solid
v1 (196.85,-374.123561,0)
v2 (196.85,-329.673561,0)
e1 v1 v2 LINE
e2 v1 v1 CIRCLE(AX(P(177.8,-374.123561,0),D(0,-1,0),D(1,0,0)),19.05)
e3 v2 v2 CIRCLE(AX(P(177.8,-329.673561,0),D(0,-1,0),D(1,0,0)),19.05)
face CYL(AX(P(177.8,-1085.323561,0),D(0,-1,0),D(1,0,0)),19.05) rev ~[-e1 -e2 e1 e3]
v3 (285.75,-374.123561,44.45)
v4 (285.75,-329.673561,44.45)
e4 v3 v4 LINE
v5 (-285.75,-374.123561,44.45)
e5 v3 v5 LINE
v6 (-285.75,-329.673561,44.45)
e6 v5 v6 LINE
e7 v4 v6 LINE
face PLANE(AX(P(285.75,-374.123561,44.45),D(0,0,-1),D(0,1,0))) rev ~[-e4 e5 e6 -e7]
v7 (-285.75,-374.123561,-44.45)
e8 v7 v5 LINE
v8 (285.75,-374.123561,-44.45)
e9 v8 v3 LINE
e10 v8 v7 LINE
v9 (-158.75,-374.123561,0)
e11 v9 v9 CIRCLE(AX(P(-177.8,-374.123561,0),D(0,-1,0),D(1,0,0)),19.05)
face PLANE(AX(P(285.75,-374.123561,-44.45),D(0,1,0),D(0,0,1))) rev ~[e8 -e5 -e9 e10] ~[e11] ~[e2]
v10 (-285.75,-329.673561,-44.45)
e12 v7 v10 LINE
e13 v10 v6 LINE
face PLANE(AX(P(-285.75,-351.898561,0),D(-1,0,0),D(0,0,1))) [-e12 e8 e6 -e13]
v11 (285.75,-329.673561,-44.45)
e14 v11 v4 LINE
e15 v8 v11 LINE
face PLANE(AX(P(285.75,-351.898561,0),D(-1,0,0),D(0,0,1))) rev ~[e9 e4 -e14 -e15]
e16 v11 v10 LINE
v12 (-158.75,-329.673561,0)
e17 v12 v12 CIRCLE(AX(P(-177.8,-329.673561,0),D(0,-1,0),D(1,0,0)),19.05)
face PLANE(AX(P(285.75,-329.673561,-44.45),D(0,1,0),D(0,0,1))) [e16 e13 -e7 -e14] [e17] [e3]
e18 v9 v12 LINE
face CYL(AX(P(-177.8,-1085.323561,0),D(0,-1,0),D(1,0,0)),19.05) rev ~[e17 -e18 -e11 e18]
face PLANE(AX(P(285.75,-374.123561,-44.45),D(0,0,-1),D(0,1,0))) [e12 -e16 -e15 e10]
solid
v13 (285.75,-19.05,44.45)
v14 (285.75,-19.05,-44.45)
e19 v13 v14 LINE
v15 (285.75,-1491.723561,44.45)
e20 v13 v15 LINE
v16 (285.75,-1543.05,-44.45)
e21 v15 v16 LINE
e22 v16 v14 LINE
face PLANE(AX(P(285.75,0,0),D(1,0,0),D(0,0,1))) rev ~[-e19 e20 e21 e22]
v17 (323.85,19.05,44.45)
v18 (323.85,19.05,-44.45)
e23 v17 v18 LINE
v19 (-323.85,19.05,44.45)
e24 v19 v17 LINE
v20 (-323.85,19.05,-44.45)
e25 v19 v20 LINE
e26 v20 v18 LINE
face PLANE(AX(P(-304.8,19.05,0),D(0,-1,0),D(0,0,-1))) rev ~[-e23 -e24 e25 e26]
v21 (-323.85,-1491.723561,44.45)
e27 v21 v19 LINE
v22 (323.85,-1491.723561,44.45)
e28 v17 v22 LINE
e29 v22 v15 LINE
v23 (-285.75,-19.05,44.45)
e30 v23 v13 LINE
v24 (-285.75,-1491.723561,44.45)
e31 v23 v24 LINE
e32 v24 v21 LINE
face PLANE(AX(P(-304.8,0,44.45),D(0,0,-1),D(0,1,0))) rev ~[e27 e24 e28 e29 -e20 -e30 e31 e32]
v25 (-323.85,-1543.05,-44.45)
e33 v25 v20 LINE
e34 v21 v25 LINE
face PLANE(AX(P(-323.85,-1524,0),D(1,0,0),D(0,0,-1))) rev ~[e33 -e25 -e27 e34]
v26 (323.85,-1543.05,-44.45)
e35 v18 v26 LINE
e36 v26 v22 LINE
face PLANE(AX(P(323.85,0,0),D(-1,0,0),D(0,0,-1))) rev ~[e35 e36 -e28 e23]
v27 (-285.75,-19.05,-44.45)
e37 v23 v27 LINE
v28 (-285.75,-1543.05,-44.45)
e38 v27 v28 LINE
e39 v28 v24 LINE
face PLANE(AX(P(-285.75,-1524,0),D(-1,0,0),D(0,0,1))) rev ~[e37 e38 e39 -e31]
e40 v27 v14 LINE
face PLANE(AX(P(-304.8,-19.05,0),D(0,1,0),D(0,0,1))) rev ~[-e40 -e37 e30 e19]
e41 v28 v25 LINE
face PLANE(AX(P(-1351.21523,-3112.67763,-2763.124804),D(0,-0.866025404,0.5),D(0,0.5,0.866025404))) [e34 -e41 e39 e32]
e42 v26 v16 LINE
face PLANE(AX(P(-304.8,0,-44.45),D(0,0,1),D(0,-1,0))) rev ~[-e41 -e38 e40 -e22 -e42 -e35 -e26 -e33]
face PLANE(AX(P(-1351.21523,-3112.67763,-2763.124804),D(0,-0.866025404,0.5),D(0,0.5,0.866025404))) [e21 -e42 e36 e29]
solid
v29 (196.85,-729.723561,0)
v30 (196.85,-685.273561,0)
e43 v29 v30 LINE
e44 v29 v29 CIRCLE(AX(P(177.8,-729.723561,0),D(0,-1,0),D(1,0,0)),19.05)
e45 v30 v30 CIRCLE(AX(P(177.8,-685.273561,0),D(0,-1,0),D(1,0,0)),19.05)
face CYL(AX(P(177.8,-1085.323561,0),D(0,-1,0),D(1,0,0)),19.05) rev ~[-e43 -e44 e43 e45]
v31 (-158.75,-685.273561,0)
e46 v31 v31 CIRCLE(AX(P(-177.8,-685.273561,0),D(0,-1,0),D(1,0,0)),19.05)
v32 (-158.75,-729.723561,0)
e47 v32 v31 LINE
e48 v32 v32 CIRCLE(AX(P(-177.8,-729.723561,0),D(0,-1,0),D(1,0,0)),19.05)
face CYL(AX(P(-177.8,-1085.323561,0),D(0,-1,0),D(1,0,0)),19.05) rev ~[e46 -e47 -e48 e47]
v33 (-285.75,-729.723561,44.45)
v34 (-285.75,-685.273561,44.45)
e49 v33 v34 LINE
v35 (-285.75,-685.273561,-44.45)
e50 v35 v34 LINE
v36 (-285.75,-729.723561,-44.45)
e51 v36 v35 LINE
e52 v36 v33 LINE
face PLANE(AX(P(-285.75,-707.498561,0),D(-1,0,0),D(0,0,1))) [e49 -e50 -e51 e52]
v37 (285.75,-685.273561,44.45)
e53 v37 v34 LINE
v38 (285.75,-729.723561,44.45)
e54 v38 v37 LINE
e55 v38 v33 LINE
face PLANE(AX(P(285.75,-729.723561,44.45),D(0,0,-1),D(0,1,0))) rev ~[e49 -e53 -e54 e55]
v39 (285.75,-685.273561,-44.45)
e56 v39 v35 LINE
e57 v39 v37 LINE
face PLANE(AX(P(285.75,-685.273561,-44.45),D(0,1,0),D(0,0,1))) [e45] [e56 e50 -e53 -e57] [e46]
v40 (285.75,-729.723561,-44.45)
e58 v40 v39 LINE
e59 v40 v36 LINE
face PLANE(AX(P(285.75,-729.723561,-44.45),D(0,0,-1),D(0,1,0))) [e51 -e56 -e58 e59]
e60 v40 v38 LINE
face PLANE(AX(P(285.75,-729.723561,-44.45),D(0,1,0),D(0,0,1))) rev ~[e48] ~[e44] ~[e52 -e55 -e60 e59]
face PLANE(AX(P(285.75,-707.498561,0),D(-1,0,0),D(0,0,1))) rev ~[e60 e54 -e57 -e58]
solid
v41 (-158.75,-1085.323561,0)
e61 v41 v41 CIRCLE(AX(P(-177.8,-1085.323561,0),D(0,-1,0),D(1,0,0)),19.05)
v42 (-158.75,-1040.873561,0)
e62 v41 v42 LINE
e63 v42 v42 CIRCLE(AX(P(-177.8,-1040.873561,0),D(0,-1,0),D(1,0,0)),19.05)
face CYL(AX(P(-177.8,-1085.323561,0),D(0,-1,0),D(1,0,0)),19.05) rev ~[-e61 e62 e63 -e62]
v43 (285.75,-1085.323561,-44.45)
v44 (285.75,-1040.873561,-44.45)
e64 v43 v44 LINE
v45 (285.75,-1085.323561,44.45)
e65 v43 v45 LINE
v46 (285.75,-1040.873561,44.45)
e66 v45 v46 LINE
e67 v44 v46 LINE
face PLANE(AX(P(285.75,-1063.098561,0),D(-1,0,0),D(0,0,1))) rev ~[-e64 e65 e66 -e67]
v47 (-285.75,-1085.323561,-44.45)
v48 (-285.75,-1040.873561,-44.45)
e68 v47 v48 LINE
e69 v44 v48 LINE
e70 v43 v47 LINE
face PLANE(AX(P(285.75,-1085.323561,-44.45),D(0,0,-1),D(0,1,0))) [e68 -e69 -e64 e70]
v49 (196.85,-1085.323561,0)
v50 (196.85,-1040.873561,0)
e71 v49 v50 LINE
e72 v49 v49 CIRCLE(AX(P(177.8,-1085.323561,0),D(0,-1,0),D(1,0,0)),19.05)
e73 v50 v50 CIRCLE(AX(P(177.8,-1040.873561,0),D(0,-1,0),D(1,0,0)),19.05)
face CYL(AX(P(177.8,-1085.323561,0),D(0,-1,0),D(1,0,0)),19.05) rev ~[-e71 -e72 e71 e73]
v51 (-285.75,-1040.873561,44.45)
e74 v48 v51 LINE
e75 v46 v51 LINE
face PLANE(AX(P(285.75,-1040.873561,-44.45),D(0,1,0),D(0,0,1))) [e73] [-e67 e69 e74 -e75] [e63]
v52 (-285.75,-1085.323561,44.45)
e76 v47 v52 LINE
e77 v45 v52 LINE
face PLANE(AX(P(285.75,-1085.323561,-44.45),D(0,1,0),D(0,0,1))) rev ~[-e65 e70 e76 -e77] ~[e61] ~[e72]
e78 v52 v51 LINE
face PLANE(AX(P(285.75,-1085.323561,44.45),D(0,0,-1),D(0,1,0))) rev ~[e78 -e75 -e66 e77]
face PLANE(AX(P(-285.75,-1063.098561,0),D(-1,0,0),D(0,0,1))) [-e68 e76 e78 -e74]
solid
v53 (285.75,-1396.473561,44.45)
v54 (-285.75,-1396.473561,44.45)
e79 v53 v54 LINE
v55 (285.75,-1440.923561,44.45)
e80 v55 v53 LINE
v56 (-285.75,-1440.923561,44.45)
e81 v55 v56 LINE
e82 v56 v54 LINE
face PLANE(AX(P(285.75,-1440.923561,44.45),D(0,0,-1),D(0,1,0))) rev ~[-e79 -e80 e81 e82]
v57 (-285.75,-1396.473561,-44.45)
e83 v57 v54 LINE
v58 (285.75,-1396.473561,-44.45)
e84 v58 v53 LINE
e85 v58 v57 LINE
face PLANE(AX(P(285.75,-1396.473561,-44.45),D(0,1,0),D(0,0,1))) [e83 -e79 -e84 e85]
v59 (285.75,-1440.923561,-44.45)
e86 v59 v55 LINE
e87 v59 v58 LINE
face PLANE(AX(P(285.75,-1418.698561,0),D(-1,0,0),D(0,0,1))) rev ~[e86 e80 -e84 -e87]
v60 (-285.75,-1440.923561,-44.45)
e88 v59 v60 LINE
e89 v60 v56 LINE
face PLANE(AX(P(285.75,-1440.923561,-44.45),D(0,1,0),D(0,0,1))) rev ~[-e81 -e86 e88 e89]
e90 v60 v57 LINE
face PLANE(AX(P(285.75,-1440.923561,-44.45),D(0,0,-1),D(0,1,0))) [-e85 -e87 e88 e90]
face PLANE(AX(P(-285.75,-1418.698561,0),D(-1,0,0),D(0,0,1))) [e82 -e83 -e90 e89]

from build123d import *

# Parameters (mm, degrees)
SKETCH3_W               = 38.1
SKETCH3_H               = 88.9
SKETCH10_W              = 571.5
SKETCH10_H              = 183.393381717
CUT_EXTRUDE6_DEPTH      = 1580.172357597
CUT_EXTRUDE7_DEPTH      = 1675.065230211
CUT_EXTRUDE7_DEPTH_BACK = 1675.065230211
SKETCH11_W              = 88.9
SKETCH11_H              = 44.45
BOSS_EXTRUDE1_DEPTH     = 571.5
LPATTERN1_COUNT         = 4
LPATTERN1_PITCH         = 355.6
SKETCH12_R              = 19.05
CUT_EXTRUDE8_DEPTH      = 990.6


with BuildPart() as part:
    # Sweep1: sweep along a path in Sketch2
    with BuildLine(Plane.XY) as sweep1_path:
        Line((-304.8, 0), (304.8, 0))
        Line((304.8, 0), (304.8, -1524))
        Line((304.8, -1524), (-304.8, -1524))
        Line((-304.8, -1524), (-304.8, 0))
    # Sketch3 → Sweep1 (sweep)
    with BuildSketch(Plane(origin=(0, 0, 0), x_dir=(1, 0, 0), z_dir=(0, 1, 0))):
        with Locations((304.8, 0)):
            Rectangle(SKETCH3_W, SKETCH3_H)
    sweep(path=sweep1_path.line, transition=Transition.RIGHT)

    # Sketch10 → Cut-Extrude6 (cut, through all)
    with BuildSketch(Plane.XY.offset(44.45)):
        with Locations((0, -1561.428423028)):
            Rectangle(SKETCH10_W, SKETCH10_H)
    extrude(amount=-CUT_EXTRUDE6_DEPTH, mode=Mode.SUBTRACT)

    # Sketch9 → Cut-Extrude7 (cut, two sides: drawn at the far end of the back side and taken through both)
    with BuildSketch(Plane(origin=(323.85, 0, 0), x_dir=(0, 0, -1), z_dir=(1, 0, 0)).offset(-CUT_EXTRUDE7_DEPTH_BACK)):
        Polygon((2763.124803814, -3112.677629821), (44.45, -1543.05), (-44.45, -1491.723561069), (-2763.124803814, 77.904068752), (-5902.380063457, -5359.445538876), (-376.130455828, -8550.02723745), align=None)
    extrude(amount=CUT_EXTRUDE7_DEPTH + CUT_EXTRUDE7_DEPTH_BACK, mode=Mode.SUBTRACT)


with BuildPart() as body_2:
    # Sketch11 → Boss-Extrude1 (new body)
    with BuildSketch(Plane.ZY.offset(-285.75)):
        with Locations((0, -1418.698561069)):
            Rectangle(SKETCH11_W, SKETCH11_H)
    boss_extrude1 = extrude(amount=BOSS_EXTRUDE1_DEPTH)


with BuildPart() as lpattern1_1:
    # LPattern1: pattern copy
    add(boss_extrude1.moved(Location(Vector(0, 1, 0) * (1 * LPATTERN1_PITCH))))


with BuildPart() as lpattern1_2:
    # LPattern1: pattern copy
    add(boss_extrude1.moved(Location(Vector(0, 1, 0) * (2 * LPATTERN1_PITCH))))


with BuildPart() as lpattern1_3:
    # LPattern1: pattern copy
    add(boss_extrude1.moved(Location(Vector(0, 1, 0) * (3 * LPATTERN1_PITCH))))


with BuildPart() as cut_extrude8_tool:
    # Sketch12 → Cut-Extrude8 (new body)
    with BuildSketch(Plane.XZ.offset(1085.323561069)):
        with Locations((177.8, 0)):
            Circle(SKETCH12_R)
        with Locations((-177.8, 0)):
            Circle(SKETCH12_R)
    extrude(amount=-CUT_EXTRUDE8_DEPTH)


with BuildPart() as lpattern1_1_1:
    add(lpattern1_1.part)

    # Cut-Extrude8: cut by cut_extrude8_tool
    add(cut_extrude8_tool.part, mode=Mode.SUBTRACT)


with BuildPart() as lpattern1_2_1:
    add(lpattern1_2.part)

    # Cut-Extrude8: cut by cut_extrude8_tool
    add(cut_extrude8_tool.part, mode=Mode.SUBTRACT)


with BuildPart() as lpattern1_3_1:
    add(lpattern1_3.part)

    # Cut-Extrude8: cut by cut_extrude8_tool
    add(cut_extrude8_tool.part, mode=Mode.SUBTRACT)


solid = Compound([part.part, body_2.part, lpattern1_1_1.part, lpattern1_2_1.part, lpattern1_3_1.part])
